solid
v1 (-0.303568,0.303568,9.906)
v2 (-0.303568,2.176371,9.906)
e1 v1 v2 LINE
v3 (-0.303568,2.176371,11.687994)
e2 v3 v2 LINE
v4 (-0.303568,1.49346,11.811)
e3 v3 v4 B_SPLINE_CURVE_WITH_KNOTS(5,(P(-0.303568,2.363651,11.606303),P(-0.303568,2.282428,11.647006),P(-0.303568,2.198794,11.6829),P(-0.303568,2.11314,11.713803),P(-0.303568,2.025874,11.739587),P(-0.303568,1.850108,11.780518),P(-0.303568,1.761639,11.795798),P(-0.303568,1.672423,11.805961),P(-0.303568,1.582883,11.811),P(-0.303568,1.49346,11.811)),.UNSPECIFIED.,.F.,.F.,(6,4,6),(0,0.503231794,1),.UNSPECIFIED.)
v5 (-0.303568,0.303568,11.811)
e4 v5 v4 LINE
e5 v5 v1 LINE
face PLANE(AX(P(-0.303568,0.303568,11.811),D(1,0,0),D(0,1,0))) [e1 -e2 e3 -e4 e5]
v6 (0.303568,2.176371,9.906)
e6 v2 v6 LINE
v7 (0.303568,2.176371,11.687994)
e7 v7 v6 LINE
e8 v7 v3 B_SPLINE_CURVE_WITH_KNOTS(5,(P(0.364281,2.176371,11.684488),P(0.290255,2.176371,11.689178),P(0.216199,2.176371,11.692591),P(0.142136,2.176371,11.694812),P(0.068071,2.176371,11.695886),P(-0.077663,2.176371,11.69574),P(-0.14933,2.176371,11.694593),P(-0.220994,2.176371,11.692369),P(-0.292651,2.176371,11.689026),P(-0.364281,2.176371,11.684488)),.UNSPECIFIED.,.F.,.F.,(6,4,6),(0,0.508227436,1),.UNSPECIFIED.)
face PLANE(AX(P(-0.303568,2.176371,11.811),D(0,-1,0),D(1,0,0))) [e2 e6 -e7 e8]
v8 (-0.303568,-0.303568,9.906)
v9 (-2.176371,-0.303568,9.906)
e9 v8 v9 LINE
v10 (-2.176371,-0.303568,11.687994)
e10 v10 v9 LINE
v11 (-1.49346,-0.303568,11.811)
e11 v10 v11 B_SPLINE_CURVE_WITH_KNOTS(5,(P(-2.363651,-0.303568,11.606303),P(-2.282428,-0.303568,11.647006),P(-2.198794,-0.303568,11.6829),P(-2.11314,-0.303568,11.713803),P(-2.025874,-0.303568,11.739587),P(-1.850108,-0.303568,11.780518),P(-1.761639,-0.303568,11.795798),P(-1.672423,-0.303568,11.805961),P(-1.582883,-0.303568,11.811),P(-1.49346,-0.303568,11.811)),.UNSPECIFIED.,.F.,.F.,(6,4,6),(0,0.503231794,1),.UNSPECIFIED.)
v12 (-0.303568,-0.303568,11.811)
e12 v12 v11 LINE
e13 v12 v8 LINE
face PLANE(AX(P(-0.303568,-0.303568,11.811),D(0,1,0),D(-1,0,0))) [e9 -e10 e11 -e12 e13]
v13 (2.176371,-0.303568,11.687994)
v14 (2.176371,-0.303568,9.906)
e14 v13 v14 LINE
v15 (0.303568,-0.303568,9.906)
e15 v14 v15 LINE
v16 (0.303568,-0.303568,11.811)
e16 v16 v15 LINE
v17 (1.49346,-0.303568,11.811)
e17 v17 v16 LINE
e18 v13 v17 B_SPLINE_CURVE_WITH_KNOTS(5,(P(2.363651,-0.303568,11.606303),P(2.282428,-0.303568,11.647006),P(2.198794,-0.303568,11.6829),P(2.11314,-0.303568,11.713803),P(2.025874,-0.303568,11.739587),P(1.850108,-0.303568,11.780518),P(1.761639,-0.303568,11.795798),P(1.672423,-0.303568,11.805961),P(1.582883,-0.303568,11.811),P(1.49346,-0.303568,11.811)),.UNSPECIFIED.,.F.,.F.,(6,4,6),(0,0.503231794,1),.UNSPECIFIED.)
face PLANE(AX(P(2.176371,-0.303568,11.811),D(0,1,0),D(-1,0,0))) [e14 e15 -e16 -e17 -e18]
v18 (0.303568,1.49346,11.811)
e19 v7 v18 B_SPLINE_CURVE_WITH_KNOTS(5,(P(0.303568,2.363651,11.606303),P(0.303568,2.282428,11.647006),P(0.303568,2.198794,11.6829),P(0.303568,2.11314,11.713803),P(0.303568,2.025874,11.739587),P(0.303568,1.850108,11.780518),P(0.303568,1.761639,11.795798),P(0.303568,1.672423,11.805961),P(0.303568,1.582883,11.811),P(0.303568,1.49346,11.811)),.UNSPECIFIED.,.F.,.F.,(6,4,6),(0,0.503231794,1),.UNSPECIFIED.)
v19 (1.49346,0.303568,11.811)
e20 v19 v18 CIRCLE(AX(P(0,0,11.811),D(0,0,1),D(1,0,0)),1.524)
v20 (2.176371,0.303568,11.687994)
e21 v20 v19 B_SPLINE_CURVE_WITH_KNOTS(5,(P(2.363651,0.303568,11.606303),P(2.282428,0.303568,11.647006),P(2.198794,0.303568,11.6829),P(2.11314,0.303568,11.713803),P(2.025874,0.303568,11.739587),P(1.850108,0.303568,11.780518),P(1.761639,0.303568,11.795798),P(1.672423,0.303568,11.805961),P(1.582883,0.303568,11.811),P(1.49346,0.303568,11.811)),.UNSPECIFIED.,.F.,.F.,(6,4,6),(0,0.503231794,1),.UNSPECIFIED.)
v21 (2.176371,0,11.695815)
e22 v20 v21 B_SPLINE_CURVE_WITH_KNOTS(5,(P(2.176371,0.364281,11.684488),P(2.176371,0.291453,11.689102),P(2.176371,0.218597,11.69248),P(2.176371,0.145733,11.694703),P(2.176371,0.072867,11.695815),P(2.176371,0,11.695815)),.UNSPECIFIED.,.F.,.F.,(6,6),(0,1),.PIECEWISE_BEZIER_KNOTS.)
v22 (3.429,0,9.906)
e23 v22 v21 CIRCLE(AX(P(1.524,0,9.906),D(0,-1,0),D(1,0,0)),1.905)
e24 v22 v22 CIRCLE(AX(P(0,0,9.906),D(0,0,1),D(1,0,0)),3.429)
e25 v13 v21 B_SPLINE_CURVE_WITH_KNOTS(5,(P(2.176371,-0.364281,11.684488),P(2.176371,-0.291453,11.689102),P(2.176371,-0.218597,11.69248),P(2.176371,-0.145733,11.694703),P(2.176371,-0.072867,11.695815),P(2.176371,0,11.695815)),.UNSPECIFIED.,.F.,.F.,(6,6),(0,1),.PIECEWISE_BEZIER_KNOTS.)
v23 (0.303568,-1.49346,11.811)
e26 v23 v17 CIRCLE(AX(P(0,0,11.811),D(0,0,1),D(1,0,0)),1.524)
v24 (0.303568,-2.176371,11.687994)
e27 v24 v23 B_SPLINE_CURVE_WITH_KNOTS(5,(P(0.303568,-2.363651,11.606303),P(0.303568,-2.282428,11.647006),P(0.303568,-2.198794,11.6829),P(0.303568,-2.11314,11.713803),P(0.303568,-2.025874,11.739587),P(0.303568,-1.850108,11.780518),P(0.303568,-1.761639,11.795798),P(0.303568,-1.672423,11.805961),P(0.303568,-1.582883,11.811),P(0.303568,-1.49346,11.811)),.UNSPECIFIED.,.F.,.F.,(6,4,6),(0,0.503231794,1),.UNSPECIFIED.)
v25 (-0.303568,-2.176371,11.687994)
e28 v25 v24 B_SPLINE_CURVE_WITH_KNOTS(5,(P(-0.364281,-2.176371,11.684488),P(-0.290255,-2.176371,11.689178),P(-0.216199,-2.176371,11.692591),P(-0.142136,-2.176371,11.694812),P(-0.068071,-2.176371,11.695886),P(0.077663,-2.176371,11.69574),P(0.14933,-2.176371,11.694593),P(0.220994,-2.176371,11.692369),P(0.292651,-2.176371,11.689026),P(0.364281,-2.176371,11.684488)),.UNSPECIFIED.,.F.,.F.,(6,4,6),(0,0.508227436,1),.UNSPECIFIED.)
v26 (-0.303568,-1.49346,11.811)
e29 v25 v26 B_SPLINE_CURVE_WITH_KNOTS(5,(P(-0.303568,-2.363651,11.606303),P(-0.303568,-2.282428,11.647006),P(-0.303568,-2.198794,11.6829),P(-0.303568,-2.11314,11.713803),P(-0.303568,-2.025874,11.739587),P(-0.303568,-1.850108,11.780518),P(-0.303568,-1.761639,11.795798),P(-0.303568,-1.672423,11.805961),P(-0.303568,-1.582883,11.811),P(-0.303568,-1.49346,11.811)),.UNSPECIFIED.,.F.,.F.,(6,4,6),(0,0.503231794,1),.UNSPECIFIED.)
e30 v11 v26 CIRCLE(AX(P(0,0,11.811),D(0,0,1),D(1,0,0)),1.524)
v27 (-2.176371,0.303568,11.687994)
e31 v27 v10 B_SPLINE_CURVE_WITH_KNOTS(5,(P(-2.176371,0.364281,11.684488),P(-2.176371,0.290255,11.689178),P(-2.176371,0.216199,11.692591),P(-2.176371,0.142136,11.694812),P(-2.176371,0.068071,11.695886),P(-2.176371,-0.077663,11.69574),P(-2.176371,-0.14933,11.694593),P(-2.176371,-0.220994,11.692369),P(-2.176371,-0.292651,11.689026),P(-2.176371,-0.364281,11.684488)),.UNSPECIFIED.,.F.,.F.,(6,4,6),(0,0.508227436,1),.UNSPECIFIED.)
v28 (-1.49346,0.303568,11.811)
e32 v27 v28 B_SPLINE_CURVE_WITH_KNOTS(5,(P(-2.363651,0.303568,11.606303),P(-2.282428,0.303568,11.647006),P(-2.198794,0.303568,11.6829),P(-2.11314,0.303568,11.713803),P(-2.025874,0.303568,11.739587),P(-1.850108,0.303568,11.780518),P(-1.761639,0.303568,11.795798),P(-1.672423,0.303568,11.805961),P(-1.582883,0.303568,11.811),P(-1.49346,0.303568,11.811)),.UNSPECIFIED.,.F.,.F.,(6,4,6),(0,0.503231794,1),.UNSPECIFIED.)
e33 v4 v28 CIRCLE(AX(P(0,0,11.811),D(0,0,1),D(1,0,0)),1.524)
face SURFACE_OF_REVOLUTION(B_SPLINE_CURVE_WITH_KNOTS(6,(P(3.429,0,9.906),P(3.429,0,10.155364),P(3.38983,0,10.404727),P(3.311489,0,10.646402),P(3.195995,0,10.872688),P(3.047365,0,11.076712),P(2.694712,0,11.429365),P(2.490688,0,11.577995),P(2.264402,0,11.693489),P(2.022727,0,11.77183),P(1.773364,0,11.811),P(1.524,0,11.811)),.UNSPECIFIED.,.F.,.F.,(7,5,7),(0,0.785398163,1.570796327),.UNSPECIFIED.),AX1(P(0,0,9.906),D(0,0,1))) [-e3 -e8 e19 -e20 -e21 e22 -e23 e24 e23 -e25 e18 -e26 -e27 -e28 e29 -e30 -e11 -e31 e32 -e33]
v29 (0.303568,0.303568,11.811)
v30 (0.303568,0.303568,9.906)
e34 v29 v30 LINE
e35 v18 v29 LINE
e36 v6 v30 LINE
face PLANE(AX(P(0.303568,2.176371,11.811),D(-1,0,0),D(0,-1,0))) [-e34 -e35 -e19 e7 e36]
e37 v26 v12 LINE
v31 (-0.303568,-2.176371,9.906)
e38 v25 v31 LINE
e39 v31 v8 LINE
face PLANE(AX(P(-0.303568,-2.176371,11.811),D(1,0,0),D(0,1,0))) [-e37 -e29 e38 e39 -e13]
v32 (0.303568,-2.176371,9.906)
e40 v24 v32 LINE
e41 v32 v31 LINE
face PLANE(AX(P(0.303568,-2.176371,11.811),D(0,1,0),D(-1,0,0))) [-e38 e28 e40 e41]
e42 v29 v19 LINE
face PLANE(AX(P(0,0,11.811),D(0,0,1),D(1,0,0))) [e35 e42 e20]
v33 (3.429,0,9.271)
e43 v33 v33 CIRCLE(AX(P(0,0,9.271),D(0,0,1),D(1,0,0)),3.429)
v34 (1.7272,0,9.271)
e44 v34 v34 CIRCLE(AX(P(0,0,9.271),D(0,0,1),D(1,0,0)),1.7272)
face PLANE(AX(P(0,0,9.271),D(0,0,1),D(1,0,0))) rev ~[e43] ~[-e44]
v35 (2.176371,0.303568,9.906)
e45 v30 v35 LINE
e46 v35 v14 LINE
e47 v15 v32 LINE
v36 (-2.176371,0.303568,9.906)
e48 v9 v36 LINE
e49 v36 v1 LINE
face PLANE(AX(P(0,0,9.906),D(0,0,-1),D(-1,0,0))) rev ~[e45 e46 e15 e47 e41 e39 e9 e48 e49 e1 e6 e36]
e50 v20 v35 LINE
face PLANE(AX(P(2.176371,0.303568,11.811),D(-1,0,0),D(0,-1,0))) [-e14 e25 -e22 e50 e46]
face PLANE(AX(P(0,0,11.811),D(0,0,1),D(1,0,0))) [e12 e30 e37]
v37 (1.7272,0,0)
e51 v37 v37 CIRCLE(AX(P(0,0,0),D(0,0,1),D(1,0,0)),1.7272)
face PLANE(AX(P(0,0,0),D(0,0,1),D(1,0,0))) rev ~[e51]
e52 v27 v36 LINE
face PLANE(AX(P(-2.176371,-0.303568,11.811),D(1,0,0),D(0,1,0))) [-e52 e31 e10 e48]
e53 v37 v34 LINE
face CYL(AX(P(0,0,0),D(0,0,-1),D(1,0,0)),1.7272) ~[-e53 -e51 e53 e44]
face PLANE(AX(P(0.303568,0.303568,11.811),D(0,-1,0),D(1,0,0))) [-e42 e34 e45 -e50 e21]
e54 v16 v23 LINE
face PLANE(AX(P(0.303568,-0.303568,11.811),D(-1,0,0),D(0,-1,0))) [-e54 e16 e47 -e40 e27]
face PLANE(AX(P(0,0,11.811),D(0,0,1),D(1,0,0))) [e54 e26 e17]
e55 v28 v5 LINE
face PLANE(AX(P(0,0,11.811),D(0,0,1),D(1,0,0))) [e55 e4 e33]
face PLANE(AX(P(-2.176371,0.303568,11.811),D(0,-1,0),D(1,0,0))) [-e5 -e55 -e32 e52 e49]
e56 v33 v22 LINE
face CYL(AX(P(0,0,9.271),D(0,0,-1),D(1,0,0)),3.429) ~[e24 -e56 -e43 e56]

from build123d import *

# Parameters (mm, degrees)
SKETCH1_R           = 1.7272
BOSS_EXTRUDE1_DEPTH = 9.271
SKETCH2_R           = 3.429
BOSS_EXTRUDE2_DEPTH = 2.54
FILLET1_R           = 1.905
CUT_EXTRUDE1_DEPTH  = 1.905


with BuildPart() as part:
    # Sketch1 → Boss-Extrude1 (new body)
    with BuildSketch(Plane.XY):
        Circle(SKETCH1_R)
    extrude(amount=BOSS_EXTRUDE1_DEPTH)

    # Sketch2 → Boss-Extrude2 (add)
    with BuildSketch(Plane.XY.offset(9.271)):
        Circle(SKETCH2_R)
    extrude(amount=BOSS_EXTRUDE2_DEPTH)

    # Fillet1
    fillet1_edges = [part.edges().sort_by_distance(p)[0] for p in [
        (-3.429, 0, 11.811),
    ]]
    fillet(fillet1_edges, radius=FILLET1_R)

    # Sketch3 → Cut-Extrude1 (cut)
    with BuildSketch(Plane.XY.offset(11.811)):
        Polygon((-0.303567799, 0.303567799), (-0.303567799, 2.17637078), (0.303567799, 2.17637078), (0.303567799, 0.303567799), (2.17637078, 0.303567799), (2.17637078, -0.303567799), (0.303567799, -0.303567799), (0.303567799, -2.17637078), (-0.303567799, -2.17637078), (-0.303567799, -0.303567799), (-2.17637078, -0.303567799), (-2.17637078, 0.303567799), align=None)
    extrude(amount=-CUT_EXTRUDE1_DEPTH, mode=Mode.SUBTRACT)


solid = part.part
